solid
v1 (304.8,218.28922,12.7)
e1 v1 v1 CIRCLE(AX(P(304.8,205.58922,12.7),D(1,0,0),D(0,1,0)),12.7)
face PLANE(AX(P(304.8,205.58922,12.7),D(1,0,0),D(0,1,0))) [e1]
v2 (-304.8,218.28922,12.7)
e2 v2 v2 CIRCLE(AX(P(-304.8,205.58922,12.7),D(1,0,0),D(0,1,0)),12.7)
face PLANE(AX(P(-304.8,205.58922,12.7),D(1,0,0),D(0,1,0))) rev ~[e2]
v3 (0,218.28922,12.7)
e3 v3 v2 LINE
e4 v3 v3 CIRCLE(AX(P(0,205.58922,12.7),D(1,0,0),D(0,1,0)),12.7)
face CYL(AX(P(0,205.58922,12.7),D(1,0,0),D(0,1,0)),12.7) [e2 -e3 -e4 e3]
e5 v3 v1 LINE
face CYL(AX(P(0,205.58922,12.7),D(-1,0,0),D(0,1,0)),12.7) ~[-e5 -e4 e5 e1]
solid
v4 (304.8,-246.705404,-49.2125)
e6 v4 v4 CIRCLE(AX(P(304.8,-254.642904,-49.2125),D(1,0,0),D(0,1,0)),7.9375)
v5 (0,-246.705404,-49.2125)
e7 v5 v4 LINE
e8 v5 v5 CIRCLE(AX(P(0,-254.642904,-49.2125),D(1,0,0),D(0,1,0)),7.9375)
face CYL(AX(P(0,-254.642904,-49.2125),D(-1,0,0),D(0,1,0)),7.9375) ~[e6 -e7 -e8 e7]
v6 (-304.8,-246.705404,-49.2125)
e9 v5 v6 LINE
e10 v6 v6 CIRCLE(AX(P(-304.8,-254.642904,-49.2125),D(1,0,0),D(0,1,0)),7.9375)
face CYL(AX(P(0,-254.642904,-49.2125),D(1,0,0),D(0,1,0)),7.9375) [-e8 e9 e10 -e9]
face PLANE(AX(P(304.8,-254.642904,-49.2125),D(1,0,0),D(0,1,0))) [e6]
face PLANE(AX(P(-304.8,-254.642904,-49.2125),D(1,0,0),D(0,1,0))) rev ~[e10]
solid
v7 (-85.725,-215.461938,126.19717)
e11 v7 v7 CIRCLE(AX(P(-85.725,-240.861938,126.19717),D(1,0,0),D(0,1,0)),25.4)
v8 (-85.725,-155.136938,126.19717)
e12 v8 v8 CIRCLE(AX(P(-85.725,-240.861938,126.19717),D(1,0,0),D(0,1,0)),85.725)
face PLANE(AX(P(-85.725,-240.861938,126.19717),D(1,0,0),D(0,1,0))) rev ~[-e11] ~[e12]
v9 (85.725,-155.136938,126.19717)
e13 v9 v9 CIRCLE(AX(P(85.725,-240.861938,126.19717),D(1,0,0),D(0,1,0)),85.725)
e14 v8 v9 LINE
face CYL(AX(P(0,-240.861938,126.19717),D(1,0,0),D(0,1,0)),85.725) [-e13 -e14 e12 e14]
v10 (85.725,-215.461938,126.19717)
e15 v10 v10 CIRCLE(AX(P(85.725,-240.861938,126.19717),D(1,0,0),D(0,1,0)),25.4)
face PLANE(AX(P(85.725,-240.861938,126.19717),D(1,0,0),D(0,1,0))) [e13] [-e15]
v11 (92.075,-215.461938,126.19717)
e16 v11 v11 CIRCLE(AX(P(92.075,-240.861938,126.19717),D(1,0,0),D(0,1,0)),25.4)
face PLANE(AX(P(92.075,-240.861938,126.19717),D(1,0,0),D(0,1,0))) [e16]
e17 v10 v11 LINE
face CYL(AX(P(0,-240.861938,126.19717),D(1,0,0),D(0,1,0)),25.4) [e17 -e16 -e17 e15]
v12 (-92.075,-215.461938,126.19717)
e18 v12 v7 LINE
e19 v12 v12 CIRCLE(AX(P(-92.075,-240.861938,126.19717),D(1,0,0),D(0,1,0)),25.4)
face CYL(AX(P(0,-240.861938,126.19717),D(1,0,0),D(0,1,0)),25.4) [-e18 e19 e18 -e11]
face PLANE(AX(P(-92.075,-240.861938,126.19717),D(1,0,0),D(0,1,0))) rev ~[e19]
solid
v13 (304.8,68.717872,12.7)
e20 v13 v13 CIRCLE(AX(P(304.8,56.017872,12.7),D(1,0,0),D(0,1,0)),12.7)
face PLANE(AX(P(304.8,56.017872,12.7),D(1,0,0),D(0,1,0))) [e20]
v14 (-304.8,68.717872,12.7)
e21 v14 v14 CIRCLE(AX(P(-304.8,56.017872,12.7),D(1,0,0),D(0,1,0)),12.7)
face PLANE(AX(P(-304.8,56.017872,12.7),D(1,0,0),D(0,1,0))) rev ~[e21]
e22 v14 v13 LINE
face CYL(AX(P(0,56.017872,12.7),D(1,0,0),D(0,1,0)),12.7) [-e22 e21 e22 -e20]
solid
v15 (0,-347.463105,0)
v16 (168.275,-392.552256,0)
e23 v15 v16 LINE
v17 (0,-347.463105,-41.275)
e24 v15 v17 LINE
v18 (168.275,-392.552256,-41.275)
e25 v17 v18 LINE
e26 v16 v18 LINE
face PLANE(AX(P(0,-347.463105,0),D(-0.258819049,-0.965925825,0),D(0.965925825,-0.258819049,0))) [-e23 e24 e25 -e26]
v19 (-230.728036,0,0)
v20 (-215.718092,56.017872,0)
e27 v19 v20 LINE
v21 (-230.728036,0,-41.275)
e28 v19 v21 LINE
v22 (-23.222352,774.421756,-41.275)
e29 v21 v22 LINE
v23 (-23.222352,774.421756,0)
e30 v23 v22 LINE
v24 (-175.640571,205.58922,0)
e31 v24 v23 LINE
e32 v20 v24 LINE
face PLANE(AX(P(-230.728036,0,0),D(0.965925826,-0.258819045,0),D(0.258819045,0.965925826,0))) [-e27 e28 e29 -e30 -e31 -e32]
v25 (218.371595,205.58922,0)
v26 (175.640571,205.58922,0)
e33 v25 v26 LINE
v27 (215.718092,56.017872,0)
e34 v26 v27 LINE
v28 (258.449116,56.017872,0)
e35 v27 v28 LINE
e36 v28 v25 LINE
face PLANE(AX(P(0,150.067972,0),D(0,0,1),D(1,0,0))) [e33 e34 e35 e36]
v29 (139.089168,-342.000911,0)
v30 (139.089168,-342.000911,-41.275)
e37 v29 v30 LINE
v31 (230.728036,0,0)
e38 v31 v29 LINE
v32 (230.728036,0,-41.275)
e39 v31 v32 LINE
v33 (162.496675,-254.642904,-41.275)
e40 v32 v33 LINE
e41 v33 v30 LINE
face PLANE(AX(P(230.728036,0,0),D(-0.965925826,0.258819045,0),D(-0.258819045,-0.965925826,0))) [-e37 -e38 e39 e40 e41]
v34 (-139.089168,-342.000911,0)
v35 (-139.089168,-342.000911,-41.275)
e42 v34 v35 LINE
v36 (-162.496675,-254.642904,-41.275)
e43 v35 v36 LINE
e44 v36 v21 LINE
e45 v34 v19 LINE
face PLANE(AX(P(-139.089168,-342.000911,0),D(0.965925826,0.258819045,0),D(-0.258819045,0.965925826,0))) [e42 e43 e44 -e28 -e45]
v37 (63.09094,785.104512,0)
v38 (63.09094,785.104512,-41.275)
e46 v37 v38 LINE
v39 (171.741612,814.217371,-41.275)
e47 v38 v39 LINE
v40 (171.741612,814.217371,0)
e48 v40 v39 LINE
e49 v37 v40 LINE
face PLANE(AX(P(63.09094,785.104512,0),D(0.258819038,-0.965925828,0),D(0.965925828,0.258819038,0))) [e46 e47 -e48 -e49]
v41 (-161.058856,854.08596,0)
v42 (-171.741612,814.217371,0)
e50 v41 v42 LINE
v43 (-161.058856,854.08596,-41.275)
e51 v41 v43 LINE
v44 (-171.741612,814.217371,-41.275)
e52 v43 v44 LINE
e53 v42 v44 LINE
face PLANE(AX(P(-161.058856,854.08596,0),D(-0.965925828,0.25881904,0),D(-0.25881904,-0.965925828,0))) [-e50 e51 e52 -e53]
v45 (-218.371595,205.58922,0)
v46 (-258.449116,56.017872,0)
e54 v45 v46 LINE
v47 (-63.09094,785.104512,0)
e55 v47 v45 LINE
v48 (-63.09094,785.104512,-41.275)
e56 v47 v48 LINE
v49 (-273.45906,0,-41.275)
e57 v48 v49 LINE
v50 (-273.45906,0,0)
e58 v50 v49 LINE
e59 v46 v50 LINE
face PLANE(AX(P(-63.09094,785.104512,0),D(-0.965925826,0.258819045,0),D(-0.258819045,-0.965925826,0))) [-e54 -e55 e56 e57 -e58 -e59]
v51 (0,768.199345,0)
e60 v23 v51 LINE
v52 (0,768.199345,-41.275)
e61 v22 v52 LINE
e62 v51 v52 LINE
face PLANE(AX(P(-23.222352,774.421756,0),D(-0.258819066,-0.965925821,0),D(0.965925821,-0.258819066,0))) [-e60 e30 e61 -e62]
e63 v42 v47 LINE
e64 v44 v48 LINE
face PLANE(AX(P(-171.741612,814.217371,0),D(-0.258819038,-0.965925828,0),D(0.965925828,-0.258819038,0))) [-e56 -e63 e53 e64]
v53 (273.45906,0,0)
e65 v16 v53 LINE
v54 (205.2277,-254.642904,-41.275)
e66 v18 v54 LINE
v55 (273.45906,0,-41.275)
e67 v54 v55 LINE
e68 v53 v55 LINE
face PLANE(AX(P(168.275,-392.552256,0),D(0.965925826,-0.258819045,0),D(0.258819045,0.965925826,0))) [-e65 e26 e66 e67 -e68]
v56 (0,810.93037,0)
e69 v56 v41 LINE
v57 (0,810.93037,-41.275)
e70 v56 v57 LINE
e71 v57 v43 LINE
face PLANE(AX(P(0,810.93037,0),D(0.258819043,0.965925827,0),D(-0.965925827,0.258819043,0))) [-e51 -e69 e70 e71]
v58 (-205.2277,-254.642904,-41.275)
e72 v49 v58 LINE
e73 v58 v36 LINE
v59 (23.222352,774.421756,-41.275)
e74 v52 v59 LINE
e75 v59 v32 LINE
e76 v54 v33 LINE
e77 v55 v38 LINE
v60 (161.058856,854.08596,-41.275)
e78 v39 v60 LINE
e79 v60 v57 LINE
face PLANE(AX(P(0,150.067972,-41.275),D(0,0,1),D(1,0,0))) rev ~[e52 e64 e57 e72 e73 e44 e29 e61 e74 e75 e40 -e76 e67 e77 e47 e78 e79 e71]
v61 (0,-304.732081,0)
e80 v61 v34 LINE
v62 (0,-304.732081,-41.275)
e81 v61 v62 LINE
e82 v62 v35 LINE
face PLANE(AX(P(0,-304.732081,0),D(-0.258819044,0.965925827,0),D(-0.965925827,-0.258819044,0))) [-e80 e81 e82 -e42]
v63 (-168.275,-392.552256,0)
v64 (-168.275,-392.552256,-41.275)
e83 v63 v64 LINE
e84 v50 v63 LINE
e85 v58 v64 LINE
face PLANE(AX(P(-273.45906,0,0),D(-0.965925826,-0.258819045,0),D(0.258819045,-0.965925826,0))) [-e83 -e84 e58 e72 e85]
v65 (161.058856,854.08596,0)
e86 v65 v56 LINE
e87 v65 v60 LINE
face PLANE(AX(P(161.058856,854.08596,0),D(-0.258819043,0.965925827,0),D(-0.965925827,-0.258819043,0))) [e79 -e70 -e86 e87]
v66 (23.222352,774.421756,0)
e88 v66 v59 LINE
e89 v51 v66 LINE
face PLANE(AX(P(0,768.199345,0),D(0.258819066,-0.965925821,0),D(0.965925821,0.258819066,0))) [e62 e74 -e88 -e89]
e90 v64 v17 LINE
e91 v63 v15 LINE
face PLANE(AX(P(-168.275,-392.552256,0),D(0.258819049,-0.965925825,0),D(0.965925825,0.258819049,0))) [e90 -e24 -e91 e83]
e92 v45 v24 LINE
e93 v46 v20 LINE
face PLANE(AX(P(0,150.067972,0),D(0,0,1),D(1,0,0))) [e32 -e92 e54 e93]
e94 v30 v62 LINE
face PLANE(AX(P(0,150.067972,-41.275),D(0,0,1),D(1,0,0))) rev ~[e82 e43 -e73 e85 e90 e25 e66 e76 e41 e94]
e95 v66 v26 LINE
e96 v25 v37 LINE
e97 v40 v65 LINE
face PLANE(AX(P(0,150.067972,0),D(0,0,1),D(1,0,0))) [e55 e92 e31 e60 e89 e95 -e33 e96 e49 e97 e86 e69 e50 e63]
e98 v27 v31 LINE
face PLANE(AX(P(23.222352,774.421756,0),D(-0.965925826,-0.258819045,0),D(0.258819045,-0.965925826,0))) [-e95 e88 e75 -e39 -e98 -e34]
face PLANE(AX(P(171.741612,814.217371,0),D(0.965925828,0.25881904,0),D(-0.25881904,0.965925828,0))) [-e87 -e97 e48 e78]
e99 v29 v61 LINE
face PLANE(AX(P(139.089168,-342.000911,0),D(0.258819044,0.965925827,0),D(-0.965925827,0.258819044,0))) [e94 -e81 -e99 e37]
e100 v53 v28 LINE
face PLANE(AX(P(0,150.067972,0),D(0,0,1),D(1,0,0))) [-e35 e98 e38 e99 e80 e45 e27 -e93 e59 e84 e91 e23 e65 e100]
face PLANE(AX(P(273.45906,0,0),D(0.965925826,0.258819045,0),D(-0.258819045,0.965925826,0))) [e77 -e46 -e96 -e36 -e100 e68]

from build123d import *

# Parameters (mm, degrees)
F2_DEPTH = 41.275
F3_R     = 85.725
F3_R_2   = 25.4
F4_DEPTH = 85.725
F5_DEPTH = 92.075
F3_R_3   = 12.7
F3_R_4   = 7.9375
F6_DEPTH = 304.8


with BuildPart() as f2:
    # F0 (on Top) → F2 (new body)
    with BuildSketch(Plane.XY):
        Polygon((0, -347.463105), (168.275, -392.552256), (273.45906, 0), (63.09094, 785.104512), (23.222352, 774.421756), (230.728036, 0), (139.089168, -342.000911), (0, -304.732081), (-139.089168, -342.000911), (-230.728036, 0), (-23.222352, 774.421756), (-63.09094, 785.104512), (-273.45906, 0), (-168.275, -392.552256), align=None)
        Polygon((23.222352, 774.421756), (63.09094, 785.104512), (171.741612, 814.217371), (161.058856, 854.08596), (0, 810.93037), (-161.058856, 854.08596), (-171.741612, 814.217371), (-63.09094, 785.104512), (-23.222352, 774.421756), (0, 768.199345), align=None)
    extrude(amount=-F2_DEPTH)

    # F3 (on Right) → F6 (join, symmetric)
    with BuildSketch(Plane.YZ):
        with Locations((205.58922, 12.7)):
            Circle(F3_R_3)
        with Locations((-254.642904, -49.2125)):
            Circle(F3_R_4)
        with Locations((56.017872, 12.7)):
            Circle(F3_R_3)
    extrude(amount=F6_DEPTH, both=True)


with BuildPart() as f4:
    # F3 (on Right) → F4 (new body, symmetric)
    with BuildSketch(Plane.YZ):
        with Locations((-240.861938, 126.19717)):
            Circle(F3_R)
        with Locations((-240.861938, 126.19717)):
            Circle(F3_R_2, mode=Mode.SUBTRACT)
    extrude(amount=F4_DEPTH, both=True)

    # F3 (on Right) → F5 (join, symmetric)
    with BuildSketch(Plane.YZ):
        with Locations((-240.861938, 126.19717)):
            Circle(F3_R_2)
    extrude(amount=F5_DEPTH, both=True)


solid = Compound([f2.part, f4.part])
